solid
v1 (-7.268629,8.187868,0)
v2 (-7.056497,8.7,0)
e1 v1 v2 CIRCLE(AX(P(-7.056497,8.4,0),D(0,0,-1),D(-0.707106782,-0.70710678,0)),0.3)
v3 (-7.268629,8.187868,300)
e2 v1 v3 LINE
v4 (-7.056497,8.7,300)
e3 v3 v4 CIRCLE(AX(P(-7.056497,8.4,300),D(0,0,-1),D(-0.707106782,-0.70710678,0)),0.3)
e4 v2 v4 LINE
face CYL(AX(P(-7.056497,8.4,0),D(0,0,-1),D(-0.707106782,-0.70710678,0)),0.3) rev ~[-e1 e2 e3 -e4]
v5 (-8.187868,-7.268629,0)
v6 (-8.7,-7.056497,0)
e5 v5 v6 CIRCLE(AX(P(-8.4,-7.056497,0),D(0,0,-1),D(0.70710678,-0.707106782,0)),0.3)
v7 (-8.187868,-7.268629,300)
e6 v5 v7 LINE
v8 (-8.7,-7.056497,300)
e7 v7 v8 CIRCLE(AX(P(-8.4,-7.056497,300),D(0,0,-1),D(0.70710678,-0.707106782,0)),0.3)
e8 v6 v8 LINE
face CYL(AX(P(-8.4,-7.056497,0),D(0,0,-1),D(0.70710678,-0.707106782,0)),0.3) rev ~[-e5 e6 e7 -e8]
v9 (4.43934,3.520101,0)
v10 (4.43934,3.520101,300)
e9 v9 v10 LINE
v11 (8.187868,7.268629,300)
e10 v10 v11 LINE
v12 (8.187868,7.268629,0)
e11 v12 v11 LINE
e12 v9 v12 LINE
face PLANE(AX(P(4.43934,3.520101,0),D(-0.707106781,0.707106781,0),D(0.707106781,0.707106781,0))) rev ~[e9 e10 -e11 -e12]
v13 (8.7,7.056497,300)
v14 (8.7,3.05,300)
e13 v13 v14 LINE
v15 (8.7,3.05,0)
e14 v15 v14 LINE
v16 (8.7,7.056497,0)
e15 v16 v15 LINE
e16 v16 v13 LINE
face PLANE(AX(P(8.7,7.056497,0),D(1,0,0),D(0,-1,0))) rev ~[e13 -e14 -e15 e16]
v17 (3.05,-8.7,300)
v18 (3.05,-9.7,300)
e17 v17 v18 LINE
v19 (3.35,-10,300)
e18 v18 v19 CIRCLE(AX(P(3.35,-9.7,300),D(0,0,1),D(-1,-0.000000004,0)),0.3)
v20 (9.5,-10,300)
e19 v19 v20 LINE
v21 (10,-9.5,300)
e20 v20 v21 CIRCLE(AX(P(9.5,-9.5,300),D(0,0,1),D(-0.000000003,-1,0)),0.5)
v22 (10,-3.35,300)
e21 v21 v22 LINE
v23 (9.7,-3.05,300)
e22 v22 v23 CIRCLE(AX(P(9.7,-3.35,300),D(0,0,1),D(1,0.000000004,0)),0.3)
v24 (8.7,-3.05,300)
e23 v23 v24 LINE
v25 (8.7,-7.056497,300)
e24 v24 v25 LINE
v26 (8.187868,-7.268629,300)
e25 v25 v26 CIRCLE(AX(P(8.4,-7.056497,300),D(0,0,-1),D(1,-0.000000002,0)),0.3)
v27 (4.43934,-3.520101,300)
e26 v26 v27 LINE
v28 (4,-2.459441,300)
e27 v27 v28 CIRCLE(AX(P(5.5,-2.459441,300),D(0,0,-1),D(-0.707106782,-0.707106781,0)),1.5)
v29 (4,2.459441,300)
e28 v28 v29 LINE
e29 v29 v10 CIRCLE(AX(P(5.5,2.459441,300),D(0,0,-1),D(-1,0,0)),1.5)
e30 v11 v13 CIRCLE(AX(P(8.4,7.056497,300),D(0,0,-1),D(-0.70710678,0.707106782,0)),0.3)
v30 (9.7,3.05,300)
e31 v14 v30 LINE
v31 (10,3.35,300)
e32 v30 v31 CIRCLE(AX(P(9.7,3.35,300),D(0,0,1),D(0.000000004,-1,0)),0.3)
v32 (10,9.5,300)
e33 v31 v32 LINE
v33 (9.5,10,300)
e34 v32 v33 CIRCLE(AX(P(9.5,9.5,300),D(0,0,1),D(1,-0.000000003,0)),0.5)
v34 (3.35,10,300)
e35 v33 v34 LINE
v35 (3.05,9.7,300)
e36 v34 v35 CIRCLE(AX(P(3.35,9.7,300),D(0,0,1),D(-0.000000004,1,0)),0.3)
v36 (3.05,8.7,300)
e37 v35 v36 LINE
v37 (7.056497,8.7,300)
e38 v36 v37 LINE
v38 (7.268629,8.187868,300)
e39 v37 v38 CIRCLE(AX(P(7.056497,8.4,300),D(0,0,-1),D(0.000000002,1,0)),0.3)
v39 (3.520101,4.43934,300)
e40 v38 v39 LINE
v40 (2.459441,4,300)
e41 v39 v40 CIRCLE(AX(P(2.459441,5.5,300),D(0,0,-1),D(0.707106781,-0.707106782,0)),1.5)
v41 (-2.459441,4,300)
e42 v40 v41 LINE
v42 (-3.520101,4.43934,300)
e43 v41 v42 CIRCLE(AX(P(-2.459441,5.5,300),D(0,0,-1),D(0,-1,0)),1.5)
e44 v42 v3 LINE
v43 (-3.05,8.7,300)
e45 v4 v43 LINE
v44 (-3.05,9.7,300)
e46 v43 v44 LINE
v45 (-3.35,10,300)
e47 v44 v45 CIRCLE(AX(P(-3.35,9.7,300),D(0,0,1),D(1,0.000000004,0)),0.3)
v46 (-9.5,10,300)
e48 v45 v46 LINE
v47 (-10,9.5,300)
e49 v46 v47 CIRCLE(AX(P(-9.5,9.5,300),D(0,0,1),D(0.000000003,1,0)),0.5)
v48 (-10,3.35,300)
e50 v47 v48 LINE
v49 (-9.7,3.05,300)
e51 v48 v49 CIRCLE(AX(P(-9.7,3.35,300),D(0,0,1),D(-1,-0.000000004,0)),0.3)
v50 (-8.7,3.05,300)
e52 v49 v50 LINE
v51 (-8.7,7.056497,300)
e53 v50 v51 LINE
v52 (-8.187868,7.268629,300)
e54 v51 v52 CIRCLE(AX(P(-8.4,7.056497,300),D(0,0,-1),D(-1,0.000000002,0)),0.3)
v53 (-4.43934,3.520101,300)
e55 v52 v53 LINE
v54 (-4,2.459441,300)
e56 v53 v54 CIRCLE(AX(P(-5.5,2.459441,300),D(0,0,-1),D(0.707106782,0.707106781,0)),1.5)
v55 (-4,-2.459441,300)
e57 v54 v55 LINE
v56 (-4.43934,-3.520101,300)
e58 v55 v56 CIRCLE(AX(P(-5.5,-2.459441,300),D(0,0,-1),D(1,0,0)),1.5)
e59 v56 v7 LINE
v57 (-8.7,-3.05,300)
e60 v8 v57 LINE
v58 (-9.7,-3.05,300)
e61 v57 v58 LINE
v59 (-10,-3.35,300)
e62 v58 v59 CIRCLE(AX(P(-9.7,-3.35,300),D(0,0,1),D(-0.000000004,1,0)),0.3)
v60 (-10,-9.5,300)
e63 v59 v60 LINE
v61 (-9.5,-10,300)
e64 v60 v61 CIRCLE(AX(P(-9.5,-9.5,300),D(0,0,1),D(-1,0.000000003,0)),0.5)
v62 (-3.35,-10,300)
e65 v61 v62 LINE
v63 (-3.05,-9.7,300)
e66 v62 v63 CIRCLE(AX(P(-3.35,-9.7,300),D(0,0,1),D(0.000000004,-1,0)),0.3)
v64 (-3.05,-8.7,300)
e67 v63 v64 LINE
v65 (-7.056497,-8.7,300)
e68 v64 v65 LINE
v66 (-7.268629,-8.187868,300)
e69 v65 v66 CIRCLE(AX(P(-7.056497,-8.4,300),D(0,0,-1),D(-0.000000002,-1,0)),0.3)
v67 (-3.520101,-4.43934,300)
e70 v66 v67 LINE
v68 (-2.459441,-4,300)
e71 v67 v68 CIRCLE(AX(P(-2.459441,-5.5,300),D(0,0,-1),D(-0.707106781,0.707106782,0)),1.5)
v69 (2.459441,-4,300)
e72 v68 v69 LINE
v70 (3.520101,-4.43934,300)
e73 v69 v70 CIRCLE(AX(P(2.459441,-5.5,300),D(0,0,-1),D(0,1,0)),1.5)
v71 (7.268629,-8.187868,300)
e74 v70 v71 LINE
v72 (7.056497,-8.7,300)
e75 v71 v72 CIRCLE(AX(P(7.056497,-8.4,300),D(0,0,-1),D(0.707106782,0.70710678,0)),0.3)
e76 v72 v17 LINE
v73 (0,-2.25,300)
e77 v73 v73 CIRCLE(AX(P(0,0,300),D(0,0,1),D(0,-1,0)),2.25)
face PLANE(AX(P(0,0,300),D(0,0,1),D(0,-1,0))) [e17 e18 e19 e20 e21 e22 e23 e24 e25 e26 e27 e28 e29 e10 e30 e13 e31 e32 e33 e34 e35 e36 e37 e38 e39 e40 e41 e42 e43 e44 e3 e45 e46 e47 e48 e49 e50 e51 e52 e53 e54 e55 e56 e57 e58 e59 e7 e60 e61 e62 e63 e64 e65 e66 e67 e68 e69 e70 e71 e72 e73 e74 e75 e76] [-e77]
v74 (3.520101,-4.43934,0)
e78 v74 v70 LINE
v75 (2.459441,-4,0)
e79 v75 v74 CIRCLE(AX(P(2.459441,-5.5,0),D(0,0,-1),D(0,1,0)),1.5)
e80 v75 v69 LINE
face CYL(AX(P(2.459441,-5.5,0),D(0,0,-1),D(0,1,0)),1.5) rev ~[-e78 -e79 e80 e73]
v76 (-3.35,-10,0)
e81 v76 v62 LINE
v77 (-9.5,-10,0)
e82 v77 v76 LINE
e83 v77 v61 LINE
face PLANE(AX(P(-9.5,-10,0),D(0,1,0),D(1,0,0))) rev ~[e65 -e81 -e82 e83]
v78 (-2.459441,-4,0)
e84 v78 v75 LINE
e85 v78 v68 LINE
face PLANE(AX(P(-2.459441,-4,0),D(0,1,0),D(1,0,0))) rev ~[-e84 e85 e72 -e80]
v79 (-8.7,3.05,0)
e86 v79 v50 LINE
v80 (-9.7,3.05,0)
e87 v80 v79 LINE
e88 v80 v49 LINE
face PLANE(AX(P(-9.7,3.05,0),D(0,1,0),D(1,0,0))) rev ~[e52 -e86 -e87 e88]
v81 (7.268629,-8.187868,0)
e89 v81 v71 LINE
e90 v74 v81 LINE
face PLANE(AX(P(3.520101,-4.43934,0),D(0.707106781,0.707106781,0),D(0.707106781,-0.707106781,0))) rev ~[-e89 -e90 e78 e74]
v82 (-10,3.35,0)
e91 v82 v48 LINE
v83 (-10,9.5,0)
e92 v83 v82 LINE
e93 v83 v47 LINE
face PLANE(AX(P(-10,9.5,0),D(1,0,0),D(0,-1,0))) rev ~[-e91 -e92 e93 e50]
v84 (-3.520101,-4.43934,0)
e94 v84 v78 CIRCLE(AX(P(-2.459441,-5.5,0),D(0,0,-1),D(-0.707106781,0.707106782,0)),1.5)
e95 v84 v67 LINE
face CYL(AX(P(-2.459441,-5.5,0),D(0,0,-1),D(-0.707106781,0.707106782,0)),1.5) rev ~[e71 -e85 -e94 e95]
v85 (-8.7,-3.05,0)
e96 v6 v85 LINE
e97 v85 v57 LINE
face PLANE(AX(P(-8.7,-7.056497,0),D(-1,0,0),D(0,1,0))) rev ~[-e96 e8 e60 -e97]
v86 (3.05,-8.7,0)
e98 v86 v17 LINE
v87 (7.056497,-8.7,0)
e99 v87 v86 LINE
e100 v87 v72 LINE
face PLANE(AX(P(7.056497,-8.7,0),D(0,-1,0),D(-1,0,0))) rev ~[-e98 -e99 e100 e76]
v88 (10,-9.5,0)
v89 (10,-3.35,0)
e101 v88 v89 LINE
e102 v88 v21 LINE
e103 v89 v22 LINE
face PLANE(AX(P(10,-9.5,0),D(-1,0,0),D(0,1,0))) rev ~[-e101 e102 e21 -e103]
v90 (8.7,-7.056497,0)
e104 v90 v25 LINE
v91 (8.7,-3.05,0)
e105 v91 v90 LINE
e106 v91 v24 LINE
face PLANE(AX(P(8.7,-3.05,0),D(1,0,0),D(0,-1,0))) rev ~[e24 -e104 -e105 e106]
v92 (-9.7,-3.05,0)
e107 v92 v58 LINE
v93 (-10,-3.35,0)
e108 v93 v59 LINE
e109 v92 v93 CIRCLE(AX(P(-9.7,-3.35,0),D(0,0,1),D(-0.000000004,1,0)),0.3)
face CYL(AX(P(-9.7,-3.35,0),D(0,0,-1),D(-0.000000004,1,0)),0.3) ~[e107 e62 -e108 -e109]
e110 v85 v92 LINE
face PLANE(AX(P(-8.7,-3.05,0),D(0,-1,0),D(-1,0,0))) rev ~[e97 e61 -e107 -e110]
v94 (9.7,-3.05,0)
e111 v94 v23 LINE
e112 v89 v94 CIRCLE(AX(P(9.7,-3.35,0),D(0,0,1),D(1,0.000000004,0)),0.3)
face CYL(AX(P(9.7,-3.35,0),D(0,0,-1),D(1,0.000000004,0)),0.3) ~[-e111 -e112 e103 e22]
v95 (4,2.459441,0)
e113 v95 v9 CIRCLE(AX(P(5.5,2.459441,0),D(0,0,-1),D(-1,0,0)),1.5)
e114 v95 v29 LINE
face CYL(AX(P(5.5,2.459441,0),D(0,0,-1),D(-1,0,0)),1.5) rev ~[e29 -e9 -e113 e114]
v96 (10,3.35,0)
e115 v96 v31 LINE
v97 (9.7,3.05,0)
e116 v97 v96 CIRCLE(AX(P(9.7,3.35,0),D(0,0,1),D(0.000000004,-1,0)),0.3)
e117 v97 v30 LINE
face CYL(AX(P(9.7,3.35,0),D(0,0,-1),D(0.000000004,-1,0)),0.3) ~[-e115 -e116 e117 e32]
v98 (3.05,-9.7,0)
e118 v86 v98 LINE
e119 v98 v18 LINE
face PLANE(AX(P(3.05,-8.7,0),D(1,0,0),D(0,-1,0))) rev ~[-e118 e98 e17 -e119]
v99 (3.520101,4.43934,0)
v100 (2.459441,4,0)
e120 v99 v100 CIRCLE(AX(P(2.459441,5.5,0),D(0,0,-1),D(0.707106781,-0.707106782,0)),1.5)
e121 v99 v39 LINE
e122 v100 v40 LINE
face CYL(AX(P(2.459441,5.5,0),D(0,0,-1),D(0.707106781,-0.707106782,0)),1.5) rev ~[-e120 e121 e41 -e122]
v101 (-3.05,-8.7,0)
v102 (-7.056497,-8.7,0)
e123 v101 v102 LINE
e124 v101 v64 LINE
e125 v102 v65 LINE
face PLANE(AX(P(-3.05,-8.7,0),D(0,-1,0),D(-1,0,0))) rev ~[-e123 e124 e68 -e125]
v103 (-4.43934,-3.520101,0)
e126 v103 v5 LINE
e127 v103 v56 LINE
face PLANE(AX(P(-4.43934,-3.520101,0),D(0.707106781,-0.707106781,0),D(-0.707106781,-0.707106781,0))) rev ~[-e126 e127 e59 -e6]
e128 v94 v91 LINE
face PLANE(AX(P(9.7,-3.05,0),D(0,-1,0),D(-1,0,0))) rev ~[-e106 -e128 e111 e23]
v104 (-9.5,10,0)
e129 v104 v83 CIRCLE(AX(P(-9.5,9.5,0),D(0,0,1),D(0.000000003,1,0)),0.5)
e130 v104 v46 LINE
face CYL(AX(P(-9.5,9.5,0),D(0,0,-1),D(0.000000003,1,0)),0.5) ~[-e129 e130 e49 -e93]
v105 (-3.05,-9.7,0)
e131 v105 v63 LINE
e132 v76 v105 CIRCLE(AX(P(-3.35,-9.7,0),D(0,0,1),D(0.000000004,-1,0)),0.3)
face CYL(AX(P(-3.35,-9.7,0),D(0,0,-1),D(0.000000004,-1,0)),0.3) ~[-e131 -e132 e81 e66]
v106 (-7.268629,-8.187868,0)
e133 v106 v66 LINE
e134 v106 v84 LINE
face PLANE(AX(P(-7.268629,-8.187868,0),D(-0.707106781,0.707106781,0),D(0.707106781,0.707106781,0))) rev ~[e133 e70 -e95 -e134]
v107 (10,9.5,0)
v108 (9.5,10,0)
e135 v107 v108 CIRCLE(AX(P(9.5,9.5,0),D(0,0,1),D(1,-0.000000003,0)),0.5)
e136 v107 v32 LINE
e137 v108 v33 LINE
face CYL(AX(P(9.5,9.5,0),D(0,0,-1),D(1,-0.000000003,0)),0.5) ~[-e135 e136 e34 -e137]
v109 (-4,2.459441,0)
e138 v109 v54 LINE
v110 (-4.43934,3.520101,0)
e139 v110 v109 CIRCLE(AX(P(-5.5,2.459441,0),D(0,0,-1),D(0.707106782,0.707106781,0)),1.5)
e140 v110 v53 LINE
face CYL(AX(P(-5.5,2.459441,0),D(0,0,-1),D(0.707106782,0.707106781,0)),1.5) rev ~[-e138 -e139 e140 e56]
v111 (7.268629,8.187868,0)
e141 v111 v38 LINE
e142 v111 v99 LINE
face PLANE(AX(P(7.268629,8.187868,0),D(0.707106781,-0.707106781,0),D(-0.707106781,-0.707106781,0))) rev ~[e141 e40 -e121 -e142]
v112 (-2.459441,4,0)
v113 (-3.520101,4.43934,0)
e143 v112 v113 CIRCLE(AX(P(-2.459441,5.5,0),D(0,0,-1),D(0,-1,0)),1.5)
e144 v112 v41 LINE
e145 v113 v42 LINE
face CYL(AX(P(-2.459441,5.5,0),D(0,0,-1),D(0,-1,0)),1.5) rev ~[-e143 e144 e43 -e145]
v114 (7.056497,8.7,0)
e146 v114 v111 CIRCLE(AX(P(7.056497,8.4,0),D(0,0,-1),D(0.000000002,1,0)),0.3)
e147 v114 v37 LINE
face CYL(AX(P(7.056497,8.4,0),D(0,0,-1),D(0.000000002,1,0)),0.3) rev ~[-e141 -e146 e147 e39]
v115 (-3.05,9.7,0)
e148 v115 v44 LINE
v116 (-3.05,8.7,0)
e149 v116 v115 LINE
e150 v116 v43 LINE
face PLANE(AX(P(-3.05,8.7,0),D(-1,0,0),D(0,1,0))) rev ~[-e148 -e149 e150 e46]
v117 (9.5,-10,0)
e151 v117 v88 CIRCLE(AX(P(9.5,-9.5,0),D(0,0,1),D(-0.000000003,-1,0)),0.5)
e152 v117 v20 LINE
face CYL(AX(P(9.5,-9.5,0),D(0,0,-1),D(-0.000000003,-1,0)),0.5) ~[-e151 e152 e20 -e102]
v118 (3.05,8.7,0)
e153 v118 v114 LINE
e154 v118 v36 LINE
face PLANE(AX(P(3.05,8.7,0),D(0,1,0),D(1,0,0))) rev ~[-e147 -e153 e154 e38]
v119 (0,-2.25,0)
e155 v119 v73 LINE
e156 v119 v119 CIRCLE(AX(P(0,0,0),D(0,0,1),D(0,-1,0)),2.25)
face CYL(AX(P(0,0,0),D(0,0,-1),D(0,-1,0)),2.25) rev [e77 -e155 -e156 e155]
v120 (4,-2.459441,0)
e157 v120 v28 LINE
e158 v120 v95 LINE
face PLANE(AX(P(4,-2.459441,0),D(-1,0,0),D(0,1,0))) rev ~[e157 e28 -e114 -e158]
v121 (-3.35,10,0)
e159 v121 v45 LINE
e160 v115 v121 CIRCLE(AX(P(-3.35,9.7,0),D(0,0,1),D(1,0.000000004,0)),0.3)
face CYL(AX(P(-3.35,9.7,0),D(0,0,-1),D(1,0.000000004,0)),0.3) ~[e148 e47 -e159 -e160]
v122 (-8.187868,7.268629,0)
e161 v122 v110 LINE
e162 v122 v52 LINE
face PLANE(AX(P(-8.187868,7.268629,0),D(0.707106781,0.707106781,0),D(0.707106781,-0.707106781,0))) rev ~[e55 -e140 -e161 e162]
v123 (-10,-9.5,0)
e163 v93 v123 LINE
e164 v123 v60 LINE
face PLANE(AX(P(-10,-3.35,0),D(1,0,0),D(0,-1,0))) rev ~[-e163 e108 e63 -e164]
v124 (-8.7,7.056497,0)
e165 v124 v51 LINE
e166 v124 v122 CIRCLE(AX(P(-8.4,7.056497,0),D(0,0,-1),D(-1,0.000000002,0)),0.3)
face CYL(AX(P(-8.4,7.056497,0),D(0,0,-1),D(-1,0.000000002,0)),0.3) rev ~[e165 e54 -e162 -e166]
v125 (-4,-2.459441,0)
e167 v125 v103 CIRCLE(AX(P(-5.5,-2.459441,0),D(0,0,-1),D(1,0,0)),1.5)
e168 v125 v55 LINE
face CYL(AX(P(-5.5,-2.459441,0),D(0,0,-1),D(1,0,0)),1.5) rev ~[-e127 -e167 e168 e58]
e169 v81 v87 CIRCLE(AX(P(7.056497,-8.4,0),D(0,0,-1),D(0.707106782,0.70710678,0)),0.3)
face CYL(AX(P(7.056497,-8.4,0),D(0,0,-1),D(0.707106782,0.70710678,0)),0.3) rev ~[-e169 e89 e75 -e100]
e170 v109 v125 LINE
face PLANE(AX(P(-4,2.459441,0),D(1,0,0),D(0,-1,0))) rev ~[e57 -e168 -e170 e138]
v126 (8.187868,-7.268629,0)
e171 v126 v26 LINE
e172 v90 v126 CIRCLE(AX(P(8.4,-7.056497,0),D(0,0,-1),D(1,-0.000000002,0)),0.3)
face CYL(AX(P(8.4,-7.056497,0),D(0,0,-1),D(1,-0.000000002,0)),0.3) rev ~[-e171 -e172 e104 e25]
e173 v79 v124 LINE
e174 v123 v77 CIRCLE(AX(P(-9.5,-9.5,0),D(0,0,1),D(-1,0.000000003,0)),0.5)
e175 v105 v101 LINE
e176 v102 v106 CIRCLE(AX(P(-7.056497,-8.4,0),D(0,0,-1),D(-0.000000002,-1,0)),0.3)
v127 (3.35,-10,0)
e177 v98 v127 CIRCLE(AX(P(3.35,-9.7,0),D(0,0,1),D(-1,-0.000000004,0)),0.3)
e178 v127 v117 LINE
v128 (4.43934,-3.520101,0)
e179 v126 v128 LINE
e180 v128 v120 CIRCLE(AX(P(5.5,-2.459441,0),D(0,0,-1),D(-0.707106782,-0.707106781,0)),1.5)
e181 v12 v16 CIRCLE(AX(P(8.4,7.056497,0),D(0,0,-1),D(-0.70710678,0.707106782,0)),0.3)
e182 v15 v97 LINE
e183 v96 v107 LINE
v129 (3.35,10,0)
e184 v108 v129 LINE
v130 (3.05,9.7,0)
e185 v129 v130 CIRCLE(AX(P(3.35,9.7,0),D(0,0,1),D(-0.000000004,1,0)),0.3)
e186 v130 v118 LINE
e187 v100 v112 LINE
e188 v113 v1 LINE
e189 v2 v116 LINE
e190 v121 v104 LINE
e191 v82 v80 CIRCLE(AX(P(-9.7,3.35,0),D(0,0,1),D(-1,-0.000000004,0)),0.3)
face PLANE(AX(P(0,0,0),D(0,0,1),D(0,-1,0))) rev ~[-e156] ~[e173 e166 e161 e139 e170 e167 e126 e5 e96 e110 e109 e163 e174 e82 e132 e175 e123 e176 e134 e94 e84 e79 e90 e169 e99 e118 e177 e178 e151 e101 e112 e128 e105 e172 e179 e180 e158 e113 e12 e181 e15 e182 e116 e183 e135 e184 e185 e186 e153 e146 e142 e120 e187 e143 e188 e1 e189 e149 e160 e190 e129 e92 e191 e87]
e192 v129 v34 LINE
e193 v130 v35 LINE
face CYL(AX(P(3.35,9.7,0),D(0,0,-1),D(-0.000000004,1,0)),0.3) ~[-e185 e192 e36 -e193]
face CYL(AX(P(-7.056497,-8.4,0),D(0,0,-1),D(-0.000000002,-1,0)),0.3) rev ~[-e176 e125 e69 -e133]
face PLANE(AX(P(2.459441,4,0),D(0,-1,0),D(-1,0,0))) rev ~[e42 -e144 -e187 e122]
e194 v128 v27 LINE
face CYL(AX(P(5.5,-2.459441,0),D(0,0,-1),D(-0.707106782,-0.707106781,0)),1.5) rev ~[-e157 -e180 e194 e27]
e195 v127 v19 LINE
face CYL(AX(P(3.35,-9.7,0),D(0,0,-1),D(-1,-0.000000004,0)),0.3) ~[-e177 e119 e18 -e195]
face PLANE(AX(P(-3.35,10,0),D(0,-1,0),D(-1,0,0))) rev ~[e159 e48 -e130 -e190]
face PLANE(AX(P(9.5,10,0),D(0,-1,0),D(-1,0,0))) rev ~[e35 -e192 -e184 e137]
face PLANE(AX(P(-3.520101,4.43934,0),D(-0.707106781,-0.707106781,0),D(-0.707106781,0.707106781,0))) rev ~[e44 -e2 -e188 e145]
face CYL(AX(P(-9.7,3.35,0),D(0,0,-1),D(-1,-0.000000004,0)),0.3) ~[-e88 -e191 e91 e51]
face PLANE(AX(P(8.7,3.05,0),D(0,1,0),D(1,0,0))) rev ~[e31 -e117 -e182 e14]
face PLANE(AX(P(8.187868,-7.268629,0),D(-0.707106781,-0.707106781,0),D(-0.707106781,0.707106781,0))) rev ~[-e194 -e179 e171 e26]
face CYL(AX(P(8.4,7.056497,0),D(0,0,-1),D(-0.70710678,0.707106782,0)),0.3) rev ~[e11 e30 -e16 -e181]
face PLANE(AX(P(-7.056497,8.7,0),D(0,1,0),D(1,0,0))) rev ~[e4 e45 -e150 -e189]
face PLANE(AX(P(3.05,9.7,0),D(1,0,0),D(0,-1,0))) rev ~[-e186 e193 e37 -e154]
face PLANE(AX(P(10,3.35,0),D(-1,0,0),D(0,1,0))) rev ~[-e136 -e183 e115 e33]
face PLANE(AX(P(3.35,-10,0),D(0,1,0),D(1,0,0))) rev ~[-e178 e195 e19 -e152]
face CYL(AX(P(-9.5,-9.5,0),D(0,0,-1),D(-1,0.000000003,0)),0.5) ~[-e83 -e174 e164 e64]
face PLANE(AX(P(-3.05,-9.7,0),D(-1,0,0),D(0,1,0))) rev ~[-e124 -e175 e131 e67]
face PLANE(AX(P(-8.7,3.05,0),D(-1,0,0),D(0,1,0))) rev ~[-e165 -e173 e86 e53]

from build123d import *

# Parameters (mm, degrees)
ESBO_O11_R                                   = 2.25
QUADRADO_PF20_21_PERFIL_2020_T_SLOT_6M_DEPTH = 300


with BuildPart() as part:
    # Esboço11 → Quadrado PF20-21 - PERFIL 2020 T-SLOT 6MM(1) (new body)
    with BuildSketch(Plane(origin=(0, 0, 0), x_dir=(0, -1, 0), z_dir=(0, 0, 1))):
        with BuildLine():
            Line((8.187867966, -7.26862915), (4.439339828, -3.520101013))
            ThreePointArc((4.439339828, -3.520101013), (4.114180701, -3.033465989), (4, -2.459440841))
            Line((4, -2.459440841), (4, 2.459440841))
            ThreePointArc((4, 2.459440841), (4.114180701, 3.033465989), (4.439339828, 3.520101013))
            Line((4.439339828, 3.520101013), (8.187867966, 7.26862915))
            ThreePointArc((8.187867966, 7.26862915), (8.51480503, 7.333660975), (8.7, 7.056497116))
            Line((8.7, 7.056497116), (8.7, 3.05))
            Line((8.7, 3.05), (9.7, 3.05))
            ThreePointArc((9.7, 3.05), (9.912132034, 3.137867966), (10, 3.35))
            Line((10, 3.35), (10, 9.5))
            ThreePointArc((10, 9.5), (9.853553391, 9.853553391), (9.5, 10))
            Line((9.5, 10), (3.35, 10))
            ThreePointArc((3.35, 10), (3.137867966, 9.912132034), (3.05, 9.7))
            Line((3.05, 9.7), (3.05, 8.7))
            Line((3.05, 8.7), (7.056497116, 8.7))
            ThreePointArc((7.056497116, 8.7), (7.333660975, 8.51480503), (7.26862915, 8.187867966))
            Line((7.26862915, 8.187867966), (3.520101013, 4.439339828))
            ThreePointArc((3.520101013, 4.439339828), (3.033465989, 4.114180701), (2.459440841, 4))
            Line((2.459440841, 4), (-2.459440841, 4))
            ThreePointArc((-2.459440841, 4), (-3.033465989, 4.114180701), (-3.520101013, 4.439339828))
            Line((-3.520101013, 4.439339828), (-7.26862915, 8.187867966))
            ThreePointArc((-7.26862915, 8.187867966), (-7.333660975, 8.51480503), (-7.056497116, 8.7))
            Line((-7.056497116, 8.7), (-3.05, 8.7))
            Line((-3.05, 8.7), (-3.05, 9.7))
            ThreePointArc((-3.05, 9.7), (-3.137867966, 9.912132034), (-3.35, 10))
            Line((-3.35, 10), (-9.5, 10))
            ThreePointArc((-9.5, 10), (-9.853553391, 9.853553391), (-10, 9.5))
            Line((-10, 9.5), (-10, 3.35))
            ThreePointArc((-10, 3.35), (-9.912132034, 3.137867966), (-9.7, 3.05))
            Line((-9.7, 3.05), (-8.7, 3.05))
            Line((-8.7, 3.05), (-8.7, 7.056497116))
            ThreePointArc((-8.7, 7.056497116), (-8.51480503, 7.333660975), (-8.187867966, 7.26862915))
            Line((-8.187867966, 7.26862915), (-4.439339828, 3.520101013))
            ThreePointArc((-4.439339828, 3.520101013), (-4.114180701, 3.033465989), (-4, 2.459440841))
            Line((-4, 2.459440841), (-4, -2.459440841))
            ThreePointArc((-4, -2.459440841), (-4.114180701, -3.033465989), (-4.439339828, -3.520101013))
            Line((-4.439339828, -3.520101013), (-8.187867966, -7.26862915))
            ThreePointArc((-8.187867966, -7.26862915), (-8.51480503, -7.333660975), (-8.7, -7.056497116))
            Line((-8.7, -7.056497116), (-8.7, -3.05))
            Line((-8.7, -3.05), (-9.7, -3.05))
            ThreePointArc((-9.7, -3.05), (-9.912132034, -3.137867966), (-10, -3.35))
            Line((-10, -3.35), (-10, -9.5))
            ThreePointArc((-10, -9.5), (-9.853553391, -9.853553391), (-9.5, -10))
            Line((-9.5, -10), (-3.35, -10))
            ThreePointArc((-3.35, -10), (-3.137867966, -9.912132034), (-3.05, -9.7))
            Line((-3.05, -9.7), (-3.05, -8.7))
            Line((-3.05, -8.7), (-7.056497116, -8.7))
            ThreePointArc((-7.056497116, -8.7), (-7.333660975, -8.51480503), (-7.26862915, -8.187867966))
            Line((-7.26862915, -8.187867966), (-3.520101013, -4.439339828))
            ThreePointArc((-3.520101013, -4.439339828), (-3.033465989, -4.114180701), (-2.459440841, -4))
            Line((-2.459440841, -4), (2.459440841, -4))
            ThreePointArc((2.459440841, -4), (3.033465989, -4.114180701), (3.520101013, -4.439339828))
            Line((3.520101013, -4.439339828), (7.26862915, -8.187867966))
            ThreePointArc((7.26862915, -8.187867966), (7.333660975, -8.51480503), (7.056497116, -8.7))
            Line((7.056497116, -8.7), (3.05, -8.7))
            Line((3.05, -8.7), (3.05, -9.7))
            ThreePointArc((3.05, -9.7), (3.137867966, -9.912132034), (3.35, -10))
            Line((3.35, -10), (9.5, -10))
            ThreePointArc((9.5, -10), (9.853553391, -9.853553391), (10, -9.5))
            Line((10, -9.5), (10, -3.35))
            ThreePointArc((10, -3.35), (9.912132034, -3.137867966), (9.7, -3.05))
            Line((9.7, -3.05), (8.7, -3.05))
            Line((8.7, -3.05), (8.7, -7.056497116))
            ThreePointArc((8.7, -7.056497116), (8.51480503, -7.333660975), (8.187867966, -7.26862915))
        make_face()
        Circle(ESBO_O11_R, mode=Mode.SUBTRACT)
    extrude(amount=QUADRADO_PF20_21_PERFIL_2020_T_SLOT_6M_DEPTH)


solid = part.part
